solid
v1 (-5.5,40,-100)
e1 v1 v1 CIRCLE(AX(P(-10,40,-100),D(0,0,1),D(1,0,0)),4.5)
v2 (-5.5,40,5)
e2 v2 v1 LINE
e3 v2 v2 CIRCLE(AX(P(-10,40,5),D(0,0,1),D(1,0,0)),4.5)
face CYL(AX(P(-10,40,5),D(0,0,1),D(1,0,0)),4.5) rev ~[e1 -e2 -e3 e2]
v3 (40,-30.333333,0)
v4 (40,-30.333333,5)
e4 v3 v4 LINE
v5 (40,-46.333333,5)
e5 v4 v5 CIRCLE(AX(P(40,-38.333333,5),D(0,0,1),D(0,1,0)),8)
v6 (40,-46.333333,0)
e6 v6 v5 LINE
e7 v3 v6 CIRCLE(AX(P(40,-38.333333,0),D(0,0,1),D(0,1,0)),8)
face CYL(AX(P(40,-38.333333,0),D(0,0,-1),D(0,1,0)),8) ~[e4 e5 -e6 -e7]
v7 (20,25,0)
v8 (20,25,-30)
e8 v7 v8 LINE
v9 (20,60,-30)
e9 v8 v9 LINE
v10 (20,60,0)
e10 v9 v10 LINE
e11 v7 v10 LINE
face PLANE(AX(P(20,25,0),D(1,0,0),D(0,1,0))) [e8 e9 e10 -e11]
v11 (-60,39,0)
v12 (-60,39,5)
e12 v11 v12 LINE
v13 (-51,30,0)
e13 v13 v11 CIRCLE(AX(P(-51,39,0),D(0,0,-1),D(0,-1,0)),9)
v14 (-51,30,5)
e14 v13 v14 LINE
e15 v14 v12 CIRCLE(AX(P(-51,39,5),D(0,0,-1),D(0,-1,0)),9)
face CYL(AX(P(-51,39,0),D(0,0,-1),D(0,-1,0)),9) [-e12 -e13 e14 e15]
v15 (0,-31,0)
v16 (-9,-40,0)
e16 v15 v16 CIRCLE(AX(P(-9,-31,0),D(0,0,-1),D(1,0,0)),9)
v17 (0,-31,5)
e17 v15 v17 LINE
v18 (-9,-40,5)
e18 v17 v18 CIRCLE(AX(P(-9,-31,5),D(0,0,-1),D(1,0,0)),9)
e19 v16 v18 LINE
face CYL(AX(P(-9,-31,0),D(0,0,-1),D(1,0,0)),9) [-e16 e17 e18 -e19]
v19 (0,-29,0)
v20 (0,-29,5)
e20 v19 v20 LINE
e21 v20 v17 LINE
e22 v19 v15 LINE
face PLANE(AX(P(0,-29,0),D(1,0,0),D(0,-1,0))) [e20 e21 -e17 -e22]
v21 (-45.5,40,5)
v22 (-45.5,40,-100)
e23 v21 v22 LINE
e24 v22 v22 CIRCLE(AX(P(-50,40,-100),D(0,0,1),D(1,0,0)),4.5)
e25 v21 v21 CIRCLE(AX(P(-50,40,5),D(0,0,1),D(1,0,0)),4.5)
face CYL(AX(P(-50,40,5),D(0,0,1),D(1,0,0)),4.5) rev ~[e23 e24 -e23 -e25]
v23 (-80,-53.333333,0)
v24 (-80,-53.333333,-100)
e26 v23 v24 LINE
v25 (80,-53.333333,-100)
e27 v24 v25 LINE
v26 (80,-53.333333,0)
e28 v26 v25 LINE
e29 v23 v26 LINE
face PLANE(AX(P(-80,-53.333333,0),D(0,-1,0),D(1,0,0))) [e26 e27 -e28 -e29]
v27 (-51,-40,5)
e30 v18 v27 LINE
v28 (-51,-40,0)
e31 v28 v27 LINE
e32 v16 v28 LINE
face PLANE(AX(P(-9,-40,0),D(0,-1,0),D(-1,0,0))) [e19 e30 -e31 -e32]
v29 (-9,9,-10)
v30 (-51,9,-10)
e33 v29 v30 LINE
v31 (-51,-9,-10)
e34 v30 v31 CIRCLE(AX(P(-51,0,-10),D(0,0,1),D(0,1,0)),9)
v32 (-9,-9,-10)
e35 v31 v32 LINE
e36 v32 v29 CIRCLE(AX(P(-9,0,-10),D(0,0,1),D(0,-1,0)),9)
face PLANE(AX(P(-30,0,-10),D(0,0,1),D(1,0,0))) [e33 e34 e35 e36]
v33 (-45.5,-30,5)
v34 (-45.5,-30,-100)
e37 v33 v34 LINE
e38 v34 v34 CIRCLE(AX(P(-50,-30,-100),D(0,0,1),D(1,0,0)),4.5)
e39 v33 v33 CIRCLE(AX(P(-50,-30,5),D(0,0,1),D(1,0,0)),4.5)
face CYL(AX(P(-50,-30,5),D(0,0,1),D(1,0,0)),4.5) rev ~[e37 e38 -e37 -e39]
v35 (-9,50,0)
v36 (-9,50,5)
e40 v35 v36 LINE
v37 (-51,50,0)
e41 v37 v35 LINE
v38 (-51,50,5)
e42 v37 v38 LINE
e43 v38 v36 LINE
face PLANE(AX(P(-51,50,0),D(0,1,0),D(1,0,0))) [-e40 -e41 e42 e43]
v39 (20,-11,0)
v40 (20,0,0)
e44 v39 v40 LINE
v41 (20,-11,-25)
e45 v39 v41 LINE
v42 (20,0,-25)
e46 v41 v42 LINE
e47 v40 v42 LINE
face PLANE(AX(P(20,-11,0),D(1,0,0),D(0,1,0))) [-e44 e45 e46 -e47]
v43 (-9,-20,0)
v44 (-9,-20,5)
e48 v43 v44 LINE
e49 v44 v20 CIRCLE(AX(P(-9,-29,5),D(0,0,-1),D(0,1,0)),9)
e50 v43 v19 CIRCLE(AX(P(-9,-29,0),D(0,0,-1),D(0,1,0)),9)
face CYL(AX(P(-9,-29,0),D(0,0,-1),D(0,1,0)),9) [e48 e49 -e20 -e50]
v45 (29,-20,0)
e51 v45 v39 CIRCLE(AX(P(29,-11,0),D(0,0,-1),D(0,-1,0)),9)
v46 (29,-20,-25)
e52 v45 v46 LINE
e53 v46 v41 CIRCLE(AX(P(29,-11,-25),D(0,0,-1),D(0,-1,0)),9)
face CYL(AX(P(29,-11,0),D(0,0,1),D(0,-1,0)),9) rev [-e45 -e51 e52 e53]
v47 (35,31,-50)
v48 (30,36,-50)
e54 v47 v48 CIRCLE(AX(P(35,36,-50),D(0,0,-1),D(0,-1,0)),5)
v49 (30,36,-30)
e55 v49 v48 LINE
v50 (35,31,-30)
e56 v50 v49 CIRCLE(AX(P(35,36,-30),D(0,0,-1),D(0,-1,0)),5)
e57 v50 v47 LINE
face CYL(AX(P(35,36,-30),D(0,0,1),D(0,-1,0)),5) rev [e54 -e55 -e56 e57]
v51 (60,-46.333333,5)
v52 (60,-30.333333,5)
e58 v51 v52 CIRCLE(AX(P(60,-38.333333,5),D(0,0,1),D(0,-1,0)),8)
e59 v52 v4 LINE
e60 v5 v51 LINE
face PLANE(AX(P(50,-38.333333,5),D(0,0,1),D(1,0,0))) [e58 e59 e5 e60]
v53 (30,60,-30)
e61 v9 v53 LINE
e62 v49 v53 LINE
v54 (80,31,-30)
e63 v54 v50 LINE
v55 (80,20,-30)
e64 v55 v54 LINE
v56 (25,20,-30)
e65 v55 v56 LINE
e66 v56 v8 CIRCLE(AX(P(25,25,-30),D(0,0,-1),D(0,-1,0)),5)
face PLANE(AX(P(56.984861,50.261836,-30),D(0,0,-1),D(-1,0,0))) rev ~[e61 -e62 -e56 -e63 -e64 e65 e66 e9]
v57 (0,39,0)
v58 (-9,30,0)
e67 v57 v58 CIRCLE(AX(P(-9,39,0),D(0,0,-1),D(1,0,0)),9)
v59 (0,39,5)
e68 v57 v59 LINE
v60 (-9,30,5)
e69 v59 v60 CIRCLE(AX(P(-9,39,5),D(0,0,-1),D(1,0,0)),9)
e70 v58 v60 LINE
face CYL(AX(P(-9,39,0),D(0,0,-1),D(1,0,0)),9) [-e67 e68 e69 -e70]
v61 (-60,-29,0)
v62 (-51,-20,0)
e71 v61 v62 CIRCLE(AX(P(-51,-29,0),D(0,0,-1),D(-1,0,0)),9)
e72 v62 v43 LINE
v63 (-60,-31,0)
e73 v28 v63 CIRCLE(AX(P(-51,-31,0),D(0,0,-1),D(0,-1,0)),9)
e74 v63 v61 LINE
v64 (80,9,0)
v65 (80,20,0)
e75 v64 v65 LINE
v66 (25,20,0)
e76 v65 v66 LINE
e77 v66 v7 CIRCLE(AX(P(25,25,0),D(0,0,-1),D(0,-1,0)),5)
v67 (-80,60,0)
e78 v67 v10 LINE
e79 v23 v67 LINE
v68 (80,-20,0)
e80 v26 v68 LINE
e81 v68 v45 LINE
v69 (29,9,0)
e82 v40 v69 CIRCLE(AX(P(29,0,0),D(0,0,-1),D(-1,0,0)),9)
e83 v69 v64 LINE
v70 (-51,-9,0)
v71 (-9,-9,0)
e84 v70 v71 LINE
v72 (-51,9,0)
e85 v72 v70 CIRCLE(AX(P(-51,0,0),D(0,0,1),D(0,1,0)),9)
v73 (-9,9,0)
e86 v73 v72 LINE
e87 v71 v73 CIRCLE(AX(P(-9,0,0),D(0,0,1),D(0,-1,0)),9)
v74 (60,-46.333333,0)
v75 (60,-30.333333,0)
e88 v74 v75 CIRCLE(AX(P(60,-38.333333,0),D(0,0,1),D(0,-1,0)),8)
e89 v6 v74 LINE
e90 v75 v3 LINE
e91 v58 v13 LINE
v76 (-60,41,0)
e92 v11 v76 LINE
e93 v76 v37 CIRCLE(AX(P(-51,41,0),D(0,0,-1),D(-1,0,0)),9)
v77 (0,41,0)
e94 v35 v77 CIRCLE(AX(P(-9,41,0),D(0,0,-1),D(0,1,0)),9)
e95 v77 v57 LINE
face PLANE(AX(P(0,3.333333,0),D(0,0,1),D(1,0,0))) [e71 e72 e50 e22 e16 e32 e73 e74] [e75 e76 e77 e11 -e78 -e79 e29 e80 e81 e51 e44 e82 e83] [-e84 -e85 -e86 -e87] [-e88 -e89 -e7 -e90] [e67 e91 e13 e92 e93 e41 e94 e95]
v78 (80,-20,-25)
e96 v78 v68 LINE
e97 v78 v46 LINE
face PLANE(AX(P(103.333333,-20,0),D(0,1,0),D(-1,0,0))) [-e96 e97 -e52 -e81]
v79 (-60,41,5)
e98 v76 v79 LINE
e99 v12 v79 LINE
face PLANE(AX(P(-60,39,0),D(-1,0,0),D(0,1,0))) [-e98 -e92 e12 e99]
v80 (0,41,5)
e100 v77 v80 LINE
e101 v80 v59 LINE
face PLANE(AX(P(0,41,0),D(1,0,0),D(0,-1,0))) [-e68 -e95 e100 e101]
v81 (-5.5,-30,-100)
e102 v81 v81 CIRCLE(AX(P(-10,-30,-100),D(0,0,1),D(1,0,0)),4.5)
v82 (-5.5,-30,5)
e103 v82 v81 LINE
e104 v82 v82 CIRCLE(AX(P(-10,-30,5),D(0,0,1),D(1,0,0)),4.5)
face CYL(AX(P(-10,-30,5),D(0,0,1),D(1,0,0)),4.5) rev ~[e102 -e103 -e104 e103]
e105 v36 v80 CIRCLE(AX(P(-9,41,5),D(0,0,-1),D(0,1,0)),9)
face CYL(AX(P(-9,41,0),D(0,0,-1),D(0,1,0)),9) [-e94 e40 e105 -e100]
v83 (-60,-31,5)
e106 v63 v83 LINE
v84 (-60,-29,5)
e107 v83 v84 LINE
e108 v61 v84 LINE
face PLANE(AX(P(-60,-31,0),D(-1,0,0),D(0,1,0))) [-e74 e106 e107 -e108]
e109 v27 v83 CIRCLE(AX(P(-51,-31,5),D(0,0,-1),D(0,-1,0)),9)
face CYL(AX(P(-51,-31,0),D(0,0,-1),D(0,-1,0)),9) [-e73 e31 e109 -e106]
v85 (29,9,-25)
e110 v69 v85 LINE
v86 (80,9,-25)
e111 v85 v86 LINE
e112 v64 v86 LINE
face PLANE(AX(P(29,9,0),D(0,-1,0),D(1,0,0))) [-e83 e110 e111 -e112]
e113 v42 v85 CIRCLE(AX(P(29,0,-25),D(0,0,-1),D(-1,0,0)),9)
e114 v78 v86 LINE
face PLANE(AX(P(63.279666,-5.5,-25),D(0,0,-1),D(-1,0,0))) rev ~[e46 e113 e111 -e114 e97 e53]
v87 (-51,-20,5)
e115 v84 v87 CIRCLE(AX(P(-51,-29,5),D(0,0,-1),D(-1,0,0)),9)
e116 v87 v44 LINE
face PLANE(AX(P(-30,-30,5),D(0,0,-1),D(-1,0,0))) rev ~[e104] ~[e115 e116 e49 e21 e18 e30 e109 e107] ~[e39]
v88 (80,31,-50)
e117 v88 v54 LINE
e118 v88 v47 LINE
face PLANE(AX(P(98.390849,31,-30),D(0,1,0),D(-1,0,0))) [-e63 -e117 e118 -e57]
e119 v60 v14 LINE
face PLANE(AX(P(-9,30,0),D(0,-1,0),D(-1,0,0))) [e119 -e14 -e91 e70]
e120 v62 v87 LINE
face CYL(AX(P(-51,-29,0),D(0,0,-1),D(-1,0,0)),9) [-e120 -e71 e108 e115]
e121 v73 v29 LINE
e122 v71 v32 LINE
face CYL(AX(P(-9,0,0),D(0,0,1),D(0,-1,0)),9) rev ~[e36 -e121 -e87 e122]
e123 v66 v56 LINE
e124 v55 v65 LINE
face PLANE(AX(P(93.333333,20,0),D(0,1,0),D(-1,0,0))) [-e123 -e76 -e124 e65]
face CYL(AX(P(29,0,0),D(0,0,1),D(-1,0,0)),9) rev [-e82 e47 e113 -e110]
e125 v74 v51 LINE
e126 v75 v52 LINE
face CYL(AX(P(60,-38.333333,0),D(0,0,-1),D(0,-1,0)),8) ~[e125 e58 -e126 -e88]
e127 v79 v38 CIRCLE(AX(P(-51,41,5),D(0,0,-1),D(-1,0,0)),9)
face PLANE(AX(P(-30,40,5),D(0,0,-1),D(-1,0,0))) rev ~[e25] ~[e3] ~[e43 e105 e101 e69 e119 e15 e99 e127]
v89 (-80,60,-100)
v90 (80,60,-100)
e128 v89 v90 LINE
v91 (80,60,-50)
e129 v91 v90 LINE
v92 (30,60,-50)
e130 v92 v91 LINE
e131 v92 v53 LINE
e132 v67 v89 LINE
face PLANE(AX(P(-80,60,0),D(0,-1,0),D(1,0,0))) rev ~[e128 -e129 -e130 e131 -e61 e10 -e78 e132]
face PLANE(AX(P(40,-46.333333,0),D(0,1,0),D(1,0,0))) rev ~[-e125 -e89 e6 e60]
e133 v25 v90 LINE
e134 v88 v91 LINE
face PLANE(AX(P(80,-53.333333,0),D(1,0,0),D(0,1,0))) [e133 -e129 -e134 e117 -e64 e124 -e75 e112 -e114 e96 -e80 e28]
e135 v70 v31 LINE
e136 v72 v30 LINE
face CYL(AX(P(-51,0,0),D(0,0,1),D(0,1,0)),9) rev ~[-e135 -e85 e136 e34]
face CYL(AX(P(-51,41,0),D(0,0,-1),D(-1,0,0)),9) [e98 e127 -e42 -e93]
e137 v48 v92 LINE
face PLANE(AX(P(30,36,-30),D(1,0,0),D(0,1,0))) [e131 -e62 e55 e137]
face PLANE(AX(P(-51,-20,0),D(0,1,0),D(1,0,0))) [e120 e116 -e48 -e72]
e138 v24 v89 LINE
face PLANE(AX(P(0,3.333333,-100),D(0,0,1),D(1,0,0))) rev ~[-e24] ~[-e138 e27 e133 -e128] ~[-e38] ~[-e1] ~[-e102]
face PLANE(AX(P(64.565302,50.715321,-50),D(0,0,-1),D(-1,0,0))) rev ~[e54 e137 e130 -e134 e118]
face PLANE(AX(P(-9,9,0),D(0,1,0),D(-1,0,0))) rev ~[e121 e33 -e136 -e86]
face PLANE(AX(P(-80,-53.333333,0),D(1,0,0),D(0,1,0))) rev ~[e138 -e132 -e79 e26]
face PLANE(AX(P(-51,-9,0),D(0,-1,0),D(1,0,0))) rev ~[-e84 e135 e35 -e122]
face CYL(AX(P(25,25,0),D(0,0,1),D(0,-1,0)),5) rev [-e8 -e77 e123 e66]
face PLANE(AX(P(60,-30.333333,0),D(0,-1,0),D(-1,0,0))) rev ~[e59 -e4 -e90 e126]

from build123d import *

# Parameters (mm, degrees)
SKETCH1_W           = 160
SKETCH1_H           = 113.333333333
BASE_EXTRUDE_DEPTH  = 100
BOSS_EXTRUDE1_DEPTH = 5
CUT_EXTRUDE1_DEPTH  = 10
CUT_EXTRUDE2_DEPTH  = 30
CUT_EXTRUDE3_DEPTH  = 20
SKETCH7_R           = 4.5
CUT_EXTRUDE4_DEPTH  = 146
CUT_EXTRUDE5_DEPTH  = 25


with BuildPart() as part:
    # Sketch1 → Base-Extrude (new body)
    with BuildSketch(Plane.XY):
        with Locations((0, 3.333333334)):
            Rectangle(SKETCH1_W, SKETCH1_H)
    extrude(amount=-BASE_EXTRUDE_DEPTH)

    # Sketch2 → Boss-Extrude1 (add)
    with BuildSketch(Plane.XY):
        with BuildLine():
            Line((-51, -20), (-9, -20))
            ThreePointArc((-9, -20), (-2.636038969, -22.636038969), (0, -29))
            Line((0, -29), (0, -31))
            ThreePointArc((0, -31), (-2.636038969, -37.363961031), (-9, -40))
            Line((-9, -40), (-51, -40))
            ThreePointArc((-51, -40), (-57.363961031, -37.363961031), (-60, -31))
            Line((-60, -31), (-60, -29))
            ThreePointArc((-60, -29), (-57.363961031, -22.636038969), (-51, -20))
        make_face()
        with BuildLine():
            Line((-51, 50), (-9, 50))
            ThreePointArc((-9, 50), (-2.636038969, 47.363961031), (0, 41))
            Line((0, 41), (0, 39))
            ThreePointArc((0, 39), (-2.636038969, 32.636038969), (-9, 30))
            Line((-9, 30), (-51, 30))
            ThreePointArc((-51, 30), (-57.363961031, 32.636038969), (-60, 39))
            Line((-60, 39), (-60, 41))
            ThreePointArc((-60, 41), (-57.363961031, 47.363961031), (-51, 50))
        make_face()
        with BuildLine():
            Line((60, -30.333333333), (40, -30.333333333))
            ThreePointArc((40, -30.333333333), (32, -38.333333333), (40, -46.333333333))
            Line((40, -46.333333333), (60, -46.333333333))
            ThreePointArc((60, -46.333333333), (68, -38.333333333), (60, -30.333333333))
        make_face()
    extrude(amount=BOSS_EXTRUDE1_DEPTH)

    # Sketch3 → Cut-Extrude1 (cut)
    with BuildSketch(Plane.XY):
        with BuildLine():
            Line((-9, 9), (-51, 9))
            ThreePointArc((-51, 9), (-60, 0), (-51, -9))
            Line((-51, -9), (-9, -9))
            ThreePointArc((-9, -9), (0, 0), (-9, 9))
        make_face()
    extrude(amount=-CUT_EXTRUDE1_DEPTH, mode=Mode.SUBTRACT)

    # Sketch4 → Cut-Extrude2 (cut)
    with BuildSketch(Plane.XY):
        with BuildLine():
            Line((20, 80), (93.333333333, 80))
            Line((93.333333333, 80), (93.333333333, 20))
            Line((93.333333333, 20), (25, 20))
            ThreePointArc((25, 20), (21.464466094, 21.464466094), (20, 25))
            Line((20, 25), (20, 80))
        make_face()
    extrude(amount=-CUT_EXTRUDE2_DEPTH, mode=Mode.SUBTRACT)

    # Sketch5 → Cut-Extrude3 (cut)
    with BuildSketch(Plane.XY.offset(-30)):
        with BuildLine():
            Line((30, 70), (98.390848549, 70))
            Line((98.390848549, 70), (98.390848549, 31))
            Line((98.390848549, 31), (35, 31))
            ThreePointArc((35, 31), (31.464466094, 32.464466094), (30, 36))
            Line((30, 36), (30, 70))
        make_face()
    extrude(amount=-CUT_EXTRUDE3_DEPTH, mode=Mode.SUBTRACT)

    # Sketch7 → Cut-Extrude4 (cut, through all)
    with BuildSketch(Plane.XY.offset(5)):
        with Locations((-50, -30)):
            Circle(SKETCH7_R)
        with Locations((-10, -30)):
            Circle(SKETCH7_R)
        with Locations((-50, 40)):
            Circle(SKETCH7_R)
        with Locations((-10, 40)):
            Circle(SKETCH7_R)
    extrude(amount=-CUT_EXTRUDE4_DEPTH, mode=Mode.SUBTRACT)

    # Sketch9 → Cut-Extrude5 (cut)
    with BuildSketch(Plane.XY):
        with BuildLine():
            Line((29, 9), (103.333333333, 9))
            Line((103.333333333, 9), (103.333333333, -20))
            Line((103.333333333, -20), (29, -20))
            ThreePointArc((29, -20), (22.636038969, -17.363961031), (20, -11))
            Line((20, -11), (20, 0))
            ThreePointArc((20, 0), (22.636038969, 6.363961031), (29, 9))
        make_face()
    extrude(amount=-CUT_EXTRUDE5_DEPTH, mode=Mode.SUBTRACT)


solid = part.part
